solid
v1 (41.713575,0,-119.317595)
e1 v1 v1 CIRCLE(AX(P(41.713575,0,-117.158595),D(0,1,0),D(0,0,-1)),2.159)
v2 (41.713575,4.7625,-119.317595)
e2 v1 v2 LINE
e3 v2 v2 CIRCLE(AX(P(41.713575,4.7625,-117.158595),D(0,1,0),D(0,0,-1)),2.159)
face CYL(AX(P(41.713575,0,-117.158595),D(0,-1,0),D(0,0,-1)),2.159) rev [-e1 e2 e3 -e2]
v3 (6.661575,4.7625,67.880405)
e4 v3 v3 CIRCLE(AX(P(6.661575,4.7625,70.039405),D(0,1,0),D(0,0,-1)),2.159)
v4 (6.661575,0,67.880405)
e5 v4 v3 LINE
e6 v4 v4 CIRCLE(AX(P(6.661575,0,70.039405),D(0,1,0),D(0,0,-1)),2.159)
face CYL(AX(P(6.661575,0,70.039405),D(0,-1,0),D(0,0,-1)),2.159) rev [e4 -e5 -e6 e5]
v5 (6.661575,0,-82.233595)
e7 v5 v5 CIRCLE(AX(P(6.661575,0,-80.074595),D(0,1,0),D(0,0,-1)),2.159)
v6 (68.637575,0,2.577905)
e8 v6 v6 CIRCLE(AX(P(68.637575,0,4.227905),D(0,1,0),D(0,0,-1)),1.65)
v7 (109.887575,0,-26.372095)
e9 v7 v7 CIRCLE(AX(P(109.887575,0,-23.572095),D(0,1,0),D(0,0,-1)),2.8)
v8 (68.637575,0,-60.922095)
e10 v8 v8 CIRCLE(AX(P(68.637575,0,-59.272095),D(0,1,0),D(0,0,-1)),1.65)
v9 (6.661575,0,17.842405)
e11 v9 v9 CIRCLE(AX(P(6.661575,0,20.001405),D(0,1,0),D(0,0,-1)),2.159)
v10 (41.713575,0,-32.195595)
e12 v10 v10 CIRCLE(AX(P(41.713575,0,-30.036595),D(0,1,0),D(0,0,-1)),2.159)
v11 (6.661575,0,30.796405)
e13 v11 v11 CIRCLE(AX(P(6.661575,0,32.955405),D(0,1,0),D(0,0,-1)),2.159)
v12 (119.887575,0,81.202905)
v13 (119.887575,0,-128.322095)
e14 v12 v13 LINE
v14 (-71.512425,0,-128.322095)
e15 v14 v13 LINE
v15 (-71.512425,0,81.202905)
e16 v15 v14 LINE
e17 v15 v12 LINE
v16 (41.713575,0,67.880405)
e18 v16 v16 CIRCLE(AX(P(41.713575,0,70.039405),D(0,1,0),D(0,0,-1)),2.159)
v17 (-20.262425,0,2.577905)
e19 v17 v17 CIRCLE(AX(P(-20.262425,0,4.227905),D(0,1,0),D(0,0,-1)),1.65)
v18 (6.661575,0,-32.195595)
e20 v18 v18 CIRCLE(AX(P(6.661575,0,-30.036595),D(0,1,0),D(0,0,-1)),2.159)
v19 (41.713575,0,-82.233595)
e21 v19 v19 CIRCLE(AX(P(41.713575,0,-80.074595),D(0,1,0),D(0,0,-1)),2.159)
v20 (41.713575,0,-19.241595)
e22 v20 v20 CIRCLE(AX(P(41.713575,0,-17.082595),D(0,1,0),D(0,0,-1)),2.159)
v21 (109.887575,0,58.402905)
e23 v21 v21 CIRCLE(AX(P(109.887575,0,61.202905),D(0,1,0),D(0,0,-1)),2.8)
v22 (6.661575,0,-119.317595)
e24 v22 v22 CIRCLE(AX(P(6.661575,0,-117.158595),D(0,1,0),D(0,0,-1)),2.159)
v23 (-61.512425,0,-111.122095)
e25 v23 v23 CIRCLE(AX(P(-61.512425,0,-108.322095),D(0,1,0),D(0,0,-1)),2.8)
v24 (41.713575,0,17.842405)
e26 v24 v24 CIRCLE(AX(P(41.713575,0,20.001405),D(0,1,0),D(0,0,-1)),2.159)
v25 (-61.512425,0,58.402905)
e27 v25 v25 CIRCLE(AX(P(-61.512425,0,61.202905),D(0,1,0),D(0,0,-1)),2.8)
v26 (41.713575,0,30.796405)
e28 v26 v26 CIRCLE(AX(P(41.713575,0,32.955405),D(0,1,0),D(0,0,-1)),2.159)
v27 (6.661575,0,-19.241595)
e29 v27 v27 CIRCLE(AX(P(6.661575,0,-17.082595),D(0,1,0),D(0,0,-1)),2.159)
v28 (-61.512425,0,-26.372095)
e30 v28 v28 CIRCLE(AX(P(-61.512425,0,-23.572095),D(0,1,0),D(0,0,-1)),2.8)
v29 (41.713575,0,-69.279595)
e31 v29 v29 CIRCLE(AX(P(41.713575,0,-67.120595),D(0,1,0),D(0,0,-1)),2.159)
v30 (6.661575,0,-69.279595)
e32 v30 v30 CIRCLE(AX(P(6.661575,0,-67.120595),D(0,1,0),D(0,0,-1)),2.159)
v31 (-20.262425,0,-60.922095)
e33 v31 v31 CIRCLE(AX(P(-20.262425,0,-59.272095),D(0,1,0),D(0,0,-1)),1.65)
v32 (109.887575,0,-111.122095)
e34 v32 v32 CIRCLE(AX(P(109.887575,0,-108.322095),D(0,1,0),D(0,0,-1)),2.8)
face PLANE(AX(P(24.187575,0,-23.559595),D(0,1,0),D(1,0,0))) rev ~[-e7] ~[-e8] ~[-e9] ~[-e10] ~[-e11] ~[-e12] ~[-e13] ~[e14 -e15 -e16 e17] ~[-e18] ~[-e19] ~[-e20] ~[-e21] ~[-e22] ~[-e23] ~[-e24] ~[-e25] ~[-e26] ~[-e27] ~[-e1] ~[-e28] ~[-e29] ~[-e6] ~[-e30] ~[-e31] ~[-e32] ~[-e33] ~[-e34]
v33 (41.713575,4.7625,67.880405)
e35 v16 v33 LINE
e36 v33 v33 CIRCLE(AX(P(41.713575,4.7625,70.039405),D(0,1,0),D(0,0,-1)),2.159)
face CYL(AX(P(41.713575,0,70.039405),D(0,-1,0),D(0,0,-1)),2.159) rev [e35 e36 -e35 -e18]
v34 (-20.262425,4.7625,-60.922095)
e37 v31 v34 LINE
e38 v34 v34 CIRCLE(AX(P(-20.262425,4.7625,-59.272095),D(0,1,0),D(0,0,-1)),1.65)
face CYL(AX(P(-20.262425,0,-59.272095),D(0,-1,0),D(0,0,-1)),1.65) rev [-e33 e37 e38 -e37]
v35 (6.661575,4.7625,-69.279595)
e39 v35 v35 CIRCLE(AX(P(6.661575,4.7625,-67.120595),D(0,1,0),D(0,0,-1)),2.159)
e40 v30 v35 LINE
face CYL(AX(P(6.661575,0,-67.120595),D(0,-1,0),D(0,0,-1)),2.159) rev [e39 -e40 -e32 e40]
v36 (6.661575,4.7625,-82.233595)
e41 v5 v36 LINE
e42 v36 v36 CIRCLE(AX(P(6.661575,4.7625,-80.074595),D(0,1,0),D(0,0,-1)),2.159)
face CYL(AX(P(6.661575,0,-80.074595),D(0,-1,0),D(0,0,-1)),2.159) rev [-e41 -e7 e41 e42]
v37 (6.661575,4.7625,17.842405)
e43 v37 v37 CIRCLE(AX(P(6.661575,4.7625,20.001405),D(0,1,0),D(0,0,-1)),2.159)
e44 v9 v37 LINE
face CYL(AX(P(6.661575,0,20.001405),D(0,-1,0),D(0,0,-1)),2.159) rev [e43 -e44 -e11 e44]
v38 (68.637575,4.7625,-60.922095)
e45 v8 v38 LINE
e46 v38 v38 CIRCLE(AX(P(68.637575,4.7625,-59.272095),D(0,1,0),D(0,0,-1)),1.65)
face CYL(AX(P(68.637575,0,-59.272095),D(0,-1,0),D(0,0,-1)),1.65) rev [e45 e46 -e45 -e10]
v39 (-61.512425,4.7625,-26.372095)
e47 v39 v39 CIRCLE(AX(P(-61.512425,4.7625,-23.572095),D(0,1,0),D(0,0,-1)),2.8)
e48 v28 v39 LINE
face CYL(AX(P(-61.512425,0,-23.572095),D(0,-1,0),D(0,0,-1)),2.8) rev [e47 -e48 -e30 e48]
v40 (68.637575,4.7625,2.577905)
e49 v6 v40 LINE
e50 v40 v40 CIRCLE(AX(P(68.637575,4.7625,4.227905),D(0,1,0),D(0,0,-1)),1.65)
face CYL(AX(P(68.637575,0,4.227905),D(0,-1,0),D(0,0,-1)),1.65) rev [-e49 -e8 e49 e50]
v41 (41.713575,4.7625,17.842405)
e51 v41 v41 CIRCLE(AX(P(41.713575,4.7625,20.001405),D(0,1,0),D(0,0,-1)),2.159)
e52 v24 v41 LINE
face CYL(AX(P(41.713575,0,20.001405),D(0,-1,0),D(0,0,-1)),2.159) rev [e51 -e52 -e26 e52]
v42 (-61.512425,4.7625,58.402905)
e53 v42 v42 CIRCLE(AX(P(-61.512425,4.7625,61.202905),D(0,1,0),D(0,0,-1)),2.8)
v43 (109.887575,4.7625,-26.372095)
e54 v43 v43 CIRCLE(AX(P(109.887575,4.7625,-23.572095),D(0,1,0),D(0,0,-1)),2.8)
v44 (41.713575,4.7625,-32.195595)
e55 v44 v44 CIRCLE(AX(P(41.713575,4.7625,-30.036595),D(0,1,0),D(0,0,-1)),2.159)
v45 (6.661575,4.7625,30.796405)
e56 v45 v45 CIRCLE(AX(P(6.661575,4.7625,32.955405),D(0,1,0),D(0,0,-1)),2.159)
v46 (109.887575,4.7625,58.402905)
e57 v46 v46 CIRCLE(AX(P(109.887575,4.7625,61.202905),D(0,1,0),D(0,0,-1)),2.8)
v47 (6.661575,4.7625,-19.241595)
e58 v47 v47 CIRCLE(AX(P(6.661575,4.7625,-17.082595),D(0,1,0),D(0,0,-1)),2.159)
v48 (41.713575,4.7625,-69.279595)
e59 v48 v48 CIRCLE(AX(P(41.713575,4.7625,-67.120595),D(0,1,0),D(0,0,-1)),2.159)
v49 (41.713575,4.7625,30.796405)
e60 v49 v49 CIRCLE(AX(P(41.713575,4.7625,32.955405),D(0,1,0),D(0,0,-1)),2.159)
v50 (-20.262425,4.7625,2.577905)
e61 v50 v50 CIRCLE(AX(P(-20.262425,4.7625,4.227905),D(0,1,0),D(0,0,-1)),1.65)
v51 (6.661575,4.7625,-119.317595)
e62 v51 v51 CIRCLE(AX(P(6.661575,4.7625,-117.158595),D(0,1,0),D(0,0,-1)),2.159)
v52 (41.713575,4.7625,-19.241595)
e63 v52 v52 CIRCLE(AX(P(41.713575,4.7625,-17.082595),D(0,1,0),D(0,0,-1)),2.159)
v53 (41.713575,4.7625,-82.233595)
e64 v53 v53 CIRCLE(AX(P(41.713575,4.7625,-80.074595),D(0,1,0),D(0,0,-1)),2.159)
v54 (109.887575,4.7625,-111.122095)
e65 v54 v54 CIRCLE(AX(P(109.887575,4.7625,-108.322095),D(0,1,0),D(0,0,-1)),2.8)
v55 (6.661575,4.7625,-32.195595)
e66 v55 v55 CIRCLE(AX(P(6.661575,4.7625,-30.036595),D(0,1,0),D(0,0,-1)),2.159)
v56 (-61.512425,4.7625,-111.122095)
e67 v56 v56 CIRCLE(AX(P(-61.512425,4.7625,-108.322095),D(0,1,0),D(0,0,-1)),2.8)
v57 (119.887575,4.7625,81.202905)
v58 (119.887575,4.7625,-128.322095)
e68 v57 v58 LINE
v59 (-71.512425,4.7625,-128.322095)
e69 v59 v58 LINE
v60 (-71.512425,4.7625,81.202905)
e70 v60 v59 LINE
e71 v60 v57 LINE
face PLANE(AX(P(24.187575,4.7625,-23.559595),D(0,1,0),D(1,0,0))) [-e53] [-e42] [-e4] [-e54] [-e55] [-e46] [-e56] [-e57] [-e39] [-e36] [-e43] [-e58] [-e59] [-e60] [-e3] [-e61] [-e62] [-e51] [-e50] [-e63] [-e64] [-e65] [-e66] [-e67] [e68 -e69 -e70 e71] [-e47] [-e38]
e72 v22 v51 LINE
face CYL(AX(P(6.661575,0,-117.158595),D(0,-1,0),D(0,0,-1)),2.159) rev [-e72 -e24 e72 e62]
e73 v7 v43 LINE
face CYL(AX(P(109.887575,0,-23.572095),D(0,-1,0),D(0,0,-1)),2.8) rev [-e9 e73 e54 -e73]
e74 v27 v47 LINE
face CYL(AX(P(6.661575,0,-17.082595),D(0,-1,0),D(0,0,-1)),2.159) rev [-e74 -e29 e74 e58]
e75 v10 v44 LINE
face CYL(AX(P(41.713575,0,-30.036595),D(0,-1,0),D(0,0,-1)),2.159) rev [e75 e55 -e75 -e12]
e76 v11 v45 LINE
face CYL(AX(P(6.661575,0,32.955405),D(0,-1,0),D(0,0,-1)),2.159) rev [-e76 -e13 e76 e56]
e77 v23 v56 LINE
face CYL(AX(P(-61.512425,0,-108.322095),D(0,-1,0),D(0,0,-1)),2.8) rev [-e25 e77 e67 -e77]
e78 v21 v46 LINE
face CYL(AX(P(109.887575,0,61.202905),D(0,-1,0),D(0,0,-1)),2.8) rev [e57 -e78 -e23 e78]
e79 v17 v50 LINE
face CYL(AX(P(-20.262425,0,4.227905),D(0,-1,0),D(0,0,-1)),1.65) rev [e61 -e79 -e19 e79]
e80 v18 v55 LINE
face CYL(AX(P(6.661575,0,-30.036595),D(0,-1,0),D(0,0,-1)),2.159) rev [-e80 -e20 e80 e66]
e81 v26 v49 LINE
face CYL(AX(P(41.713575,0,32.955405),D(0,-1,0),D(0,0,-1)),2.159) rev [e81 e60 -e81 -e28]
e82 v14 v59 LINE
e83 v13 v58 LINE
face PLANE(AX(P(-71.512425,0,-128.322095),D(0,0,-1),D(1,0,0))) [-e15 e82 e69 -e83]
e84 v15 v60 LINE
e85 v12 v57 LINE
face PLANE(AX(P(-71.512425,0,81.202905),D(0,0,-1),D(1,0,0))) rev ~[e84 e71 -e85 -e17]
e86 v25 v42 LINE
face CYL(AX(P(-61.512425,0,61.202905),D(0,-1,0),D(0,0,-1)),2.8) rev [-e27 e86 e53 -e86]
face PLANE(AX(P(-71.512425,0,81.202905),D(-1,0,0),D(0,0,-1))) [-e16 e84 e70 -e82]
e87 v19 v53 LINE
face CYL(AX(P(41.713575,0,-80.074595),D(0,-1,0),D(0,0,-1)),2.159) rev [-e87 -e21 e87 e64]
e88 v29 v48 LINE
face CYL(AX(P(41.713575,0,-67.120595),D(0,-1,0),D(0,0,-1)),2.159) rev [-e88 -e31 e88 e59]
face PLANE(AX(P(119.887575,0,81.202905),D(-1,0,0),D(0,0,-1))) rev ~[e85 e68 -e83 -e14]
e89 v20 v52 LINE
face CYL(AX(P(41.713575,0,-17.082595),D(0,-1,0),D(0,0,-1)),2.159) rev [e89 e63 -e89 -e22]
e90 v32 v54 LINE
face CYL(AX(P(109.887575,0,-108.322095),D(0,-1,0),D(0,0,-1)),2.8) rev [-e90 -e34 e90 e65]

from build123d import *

# Parameters (mm, degrees)
SKETCH1_W           = 191.4
SKETCH1_H           = 209.525
SKETCH1_R           = 2.8
SKETCH1_R_2         = 1.65
SKETCH1_R_3         = 2.159
BOSS_EXTRUDE1_DEPTH = 4.7625


with BuildPart() as part:
    # Sketch1 → Boss-Extrude1 (new body)
    with BuildSketch(Plane(origin=(0, 0, 0), x_dir=(1, 0, 0), z_dir=(0, 1, 0))):
        with Locations((24.187575139, 23.559595031)):
            Rectangle(SKETCH1_W, SKETCH1_H)
        with Locations(Location((-61.512424861, 108.322095031, 0), (0, 0, 90))):
            Circle(SKETCH1_R, mode=Mode.SUBTRACT)
        with Locations(Location((-61.512424861, 23.572095031, 0), (0, 0, 90))):
            Circle(SKETCH1_R, mode=Mode.SUBTRACT)
        with Locations(Location((-61.512424861, -61.202904969, 0), (0, 0, 90))):
            Circle(SKETCH1_R, mode=Mode.SUBTRACT)
        with Locations(Location((109.887575139, -61.202904969, 0), (0, 0, 90))):
            Circle(SKETCH1_R, mode=Mode.SUBTRACT)
        with Locations(Location((109.887575139, 23.572095031, 0), (0, 0, 90))):
            Circle(SKETCH1_R, mode=Mode.SUBTRACT)
        with Locations(Location((109.887575139, 108.322095031, 0), (0, 0, 90))):
            Circle(SKETCH1_R, mode=Mode.SUBTRACT)
        with Locations(Location((-20.262424861, 59.272095031, 0), (0, 0, 90))):
            Circle(SKETCH1_R_2, mode=Mode.SUBTRACT)
        with Locations(Location((68.637575139, 59.272095031, 0), (0, 0, 90))):
            Circle(SKETCH1_R_2, mode=Mode.SUBTRACT)
        with Locations(Location((-20.262424861, -4.227904969, 0), (0, 0, 90))):
            Circle(SKETCH1_R_2, mode=Mode.SUBTRACT)
        with Locations(Location((68.637575139, -4.227904969, 0), (0, 0, 90))):
            Circle(SKETCH1_R_2, mode=Mode.SUBTRACT)
        with Locations(Location((6.661575139, -32.955404969, 0), (0, 0, 90))):
            Circle(SKETCH1_R_3, mode=Mode.SUBTRACT)
        with Locations(Location((41.713575139, -32.955404969, 0), (0, 0, 90))):
            Circle(SKETCH1_R_3, mode=Mode.SUBTRACT)
        with Locations(Location((6.661575139, -70.039404969, 0), (0, 0, 90))):
            Circle(SKETCH1_R_3, mode=Mode.SUBTRACT)
        with Locations(Location((41.713575139, -70.039404969, 0), (0, 0, 90))):
            Circle(SKETCH1_R_3, mode=Mode.SUBTRACT)
        with Locations(Location((6.661575139, 17.082595031, 0), (0, 0, 90))):
            Circle(SKETCH1_R_3, mode=Mode.SUBTRACT)
        with Locations(Location((41.713575139, 17.082595031, 0), (0, 0, 90))):
            Circle(SKETCH1_R_3, mode=Mode.SUBTRACT)
        with Locations(Location((6.661575139, -20.001404969, 0), (0, 0, 90))):
            Circle(SKETCH1_R_3, mode=Mode.SUBTRACT)
        with Locations(Location((41.713575139, -20.001404969, 0), (0, 0, 90))):
            Circle(SKETCH1_R_3, mode=Mode.SUBTRACT)
        with Locations(Location((6.661575139, 67.120595031, 0), (0, 0, 90))):
            Circle(SKETCH1_R_3, mode=Mode.SUBTRACT)
        with Locations(Location((41.713575139, 67.120595031, 0), (0, 0, 90))):
            Circle(SKETCH1_R_3, mode=Mode.SUBTRACT)
        with Locations(Location((6.661575139, 30.036595031, 0), (0, 0, 90))):
            Circle(SKETCH1_R_3, mode=Mode.SUBTRACT)
        with Locations(Location((41.713575139, 30.036595031, 0), (0, 0, 90))):
            Circle(SKETCH1_R_3, mode=Mode.SUBTRACT)
        with Locations(Location((6.661575139, 117.158595031, 0), (0, 0, 90))):
            Circle(SKETCH1_R_3, mode=Mode.SUBTRACT)
        with Locations(Location((41.713575139, 117.158595031, 0), (0, 0, 90))):
            Circle(SKETCH1_R_3, mode=Mode.SUBTRACT)
        with Locations(Location((6.661575139, 80.074595031, 0), (0, 0, 90))):
            Circle(SKETCH1_R_3, mode=Mode.SUBTRACT)
        with Locations(Location((41.713575139, 80.074595031, 0), (0, 0, 90))):
            Circle(SKETCH1_R_3, mode=Mode.SUBTRACT)
    extrude(amount=BOSS_EXTRUDE1_DEPTH)


solid = part.part
